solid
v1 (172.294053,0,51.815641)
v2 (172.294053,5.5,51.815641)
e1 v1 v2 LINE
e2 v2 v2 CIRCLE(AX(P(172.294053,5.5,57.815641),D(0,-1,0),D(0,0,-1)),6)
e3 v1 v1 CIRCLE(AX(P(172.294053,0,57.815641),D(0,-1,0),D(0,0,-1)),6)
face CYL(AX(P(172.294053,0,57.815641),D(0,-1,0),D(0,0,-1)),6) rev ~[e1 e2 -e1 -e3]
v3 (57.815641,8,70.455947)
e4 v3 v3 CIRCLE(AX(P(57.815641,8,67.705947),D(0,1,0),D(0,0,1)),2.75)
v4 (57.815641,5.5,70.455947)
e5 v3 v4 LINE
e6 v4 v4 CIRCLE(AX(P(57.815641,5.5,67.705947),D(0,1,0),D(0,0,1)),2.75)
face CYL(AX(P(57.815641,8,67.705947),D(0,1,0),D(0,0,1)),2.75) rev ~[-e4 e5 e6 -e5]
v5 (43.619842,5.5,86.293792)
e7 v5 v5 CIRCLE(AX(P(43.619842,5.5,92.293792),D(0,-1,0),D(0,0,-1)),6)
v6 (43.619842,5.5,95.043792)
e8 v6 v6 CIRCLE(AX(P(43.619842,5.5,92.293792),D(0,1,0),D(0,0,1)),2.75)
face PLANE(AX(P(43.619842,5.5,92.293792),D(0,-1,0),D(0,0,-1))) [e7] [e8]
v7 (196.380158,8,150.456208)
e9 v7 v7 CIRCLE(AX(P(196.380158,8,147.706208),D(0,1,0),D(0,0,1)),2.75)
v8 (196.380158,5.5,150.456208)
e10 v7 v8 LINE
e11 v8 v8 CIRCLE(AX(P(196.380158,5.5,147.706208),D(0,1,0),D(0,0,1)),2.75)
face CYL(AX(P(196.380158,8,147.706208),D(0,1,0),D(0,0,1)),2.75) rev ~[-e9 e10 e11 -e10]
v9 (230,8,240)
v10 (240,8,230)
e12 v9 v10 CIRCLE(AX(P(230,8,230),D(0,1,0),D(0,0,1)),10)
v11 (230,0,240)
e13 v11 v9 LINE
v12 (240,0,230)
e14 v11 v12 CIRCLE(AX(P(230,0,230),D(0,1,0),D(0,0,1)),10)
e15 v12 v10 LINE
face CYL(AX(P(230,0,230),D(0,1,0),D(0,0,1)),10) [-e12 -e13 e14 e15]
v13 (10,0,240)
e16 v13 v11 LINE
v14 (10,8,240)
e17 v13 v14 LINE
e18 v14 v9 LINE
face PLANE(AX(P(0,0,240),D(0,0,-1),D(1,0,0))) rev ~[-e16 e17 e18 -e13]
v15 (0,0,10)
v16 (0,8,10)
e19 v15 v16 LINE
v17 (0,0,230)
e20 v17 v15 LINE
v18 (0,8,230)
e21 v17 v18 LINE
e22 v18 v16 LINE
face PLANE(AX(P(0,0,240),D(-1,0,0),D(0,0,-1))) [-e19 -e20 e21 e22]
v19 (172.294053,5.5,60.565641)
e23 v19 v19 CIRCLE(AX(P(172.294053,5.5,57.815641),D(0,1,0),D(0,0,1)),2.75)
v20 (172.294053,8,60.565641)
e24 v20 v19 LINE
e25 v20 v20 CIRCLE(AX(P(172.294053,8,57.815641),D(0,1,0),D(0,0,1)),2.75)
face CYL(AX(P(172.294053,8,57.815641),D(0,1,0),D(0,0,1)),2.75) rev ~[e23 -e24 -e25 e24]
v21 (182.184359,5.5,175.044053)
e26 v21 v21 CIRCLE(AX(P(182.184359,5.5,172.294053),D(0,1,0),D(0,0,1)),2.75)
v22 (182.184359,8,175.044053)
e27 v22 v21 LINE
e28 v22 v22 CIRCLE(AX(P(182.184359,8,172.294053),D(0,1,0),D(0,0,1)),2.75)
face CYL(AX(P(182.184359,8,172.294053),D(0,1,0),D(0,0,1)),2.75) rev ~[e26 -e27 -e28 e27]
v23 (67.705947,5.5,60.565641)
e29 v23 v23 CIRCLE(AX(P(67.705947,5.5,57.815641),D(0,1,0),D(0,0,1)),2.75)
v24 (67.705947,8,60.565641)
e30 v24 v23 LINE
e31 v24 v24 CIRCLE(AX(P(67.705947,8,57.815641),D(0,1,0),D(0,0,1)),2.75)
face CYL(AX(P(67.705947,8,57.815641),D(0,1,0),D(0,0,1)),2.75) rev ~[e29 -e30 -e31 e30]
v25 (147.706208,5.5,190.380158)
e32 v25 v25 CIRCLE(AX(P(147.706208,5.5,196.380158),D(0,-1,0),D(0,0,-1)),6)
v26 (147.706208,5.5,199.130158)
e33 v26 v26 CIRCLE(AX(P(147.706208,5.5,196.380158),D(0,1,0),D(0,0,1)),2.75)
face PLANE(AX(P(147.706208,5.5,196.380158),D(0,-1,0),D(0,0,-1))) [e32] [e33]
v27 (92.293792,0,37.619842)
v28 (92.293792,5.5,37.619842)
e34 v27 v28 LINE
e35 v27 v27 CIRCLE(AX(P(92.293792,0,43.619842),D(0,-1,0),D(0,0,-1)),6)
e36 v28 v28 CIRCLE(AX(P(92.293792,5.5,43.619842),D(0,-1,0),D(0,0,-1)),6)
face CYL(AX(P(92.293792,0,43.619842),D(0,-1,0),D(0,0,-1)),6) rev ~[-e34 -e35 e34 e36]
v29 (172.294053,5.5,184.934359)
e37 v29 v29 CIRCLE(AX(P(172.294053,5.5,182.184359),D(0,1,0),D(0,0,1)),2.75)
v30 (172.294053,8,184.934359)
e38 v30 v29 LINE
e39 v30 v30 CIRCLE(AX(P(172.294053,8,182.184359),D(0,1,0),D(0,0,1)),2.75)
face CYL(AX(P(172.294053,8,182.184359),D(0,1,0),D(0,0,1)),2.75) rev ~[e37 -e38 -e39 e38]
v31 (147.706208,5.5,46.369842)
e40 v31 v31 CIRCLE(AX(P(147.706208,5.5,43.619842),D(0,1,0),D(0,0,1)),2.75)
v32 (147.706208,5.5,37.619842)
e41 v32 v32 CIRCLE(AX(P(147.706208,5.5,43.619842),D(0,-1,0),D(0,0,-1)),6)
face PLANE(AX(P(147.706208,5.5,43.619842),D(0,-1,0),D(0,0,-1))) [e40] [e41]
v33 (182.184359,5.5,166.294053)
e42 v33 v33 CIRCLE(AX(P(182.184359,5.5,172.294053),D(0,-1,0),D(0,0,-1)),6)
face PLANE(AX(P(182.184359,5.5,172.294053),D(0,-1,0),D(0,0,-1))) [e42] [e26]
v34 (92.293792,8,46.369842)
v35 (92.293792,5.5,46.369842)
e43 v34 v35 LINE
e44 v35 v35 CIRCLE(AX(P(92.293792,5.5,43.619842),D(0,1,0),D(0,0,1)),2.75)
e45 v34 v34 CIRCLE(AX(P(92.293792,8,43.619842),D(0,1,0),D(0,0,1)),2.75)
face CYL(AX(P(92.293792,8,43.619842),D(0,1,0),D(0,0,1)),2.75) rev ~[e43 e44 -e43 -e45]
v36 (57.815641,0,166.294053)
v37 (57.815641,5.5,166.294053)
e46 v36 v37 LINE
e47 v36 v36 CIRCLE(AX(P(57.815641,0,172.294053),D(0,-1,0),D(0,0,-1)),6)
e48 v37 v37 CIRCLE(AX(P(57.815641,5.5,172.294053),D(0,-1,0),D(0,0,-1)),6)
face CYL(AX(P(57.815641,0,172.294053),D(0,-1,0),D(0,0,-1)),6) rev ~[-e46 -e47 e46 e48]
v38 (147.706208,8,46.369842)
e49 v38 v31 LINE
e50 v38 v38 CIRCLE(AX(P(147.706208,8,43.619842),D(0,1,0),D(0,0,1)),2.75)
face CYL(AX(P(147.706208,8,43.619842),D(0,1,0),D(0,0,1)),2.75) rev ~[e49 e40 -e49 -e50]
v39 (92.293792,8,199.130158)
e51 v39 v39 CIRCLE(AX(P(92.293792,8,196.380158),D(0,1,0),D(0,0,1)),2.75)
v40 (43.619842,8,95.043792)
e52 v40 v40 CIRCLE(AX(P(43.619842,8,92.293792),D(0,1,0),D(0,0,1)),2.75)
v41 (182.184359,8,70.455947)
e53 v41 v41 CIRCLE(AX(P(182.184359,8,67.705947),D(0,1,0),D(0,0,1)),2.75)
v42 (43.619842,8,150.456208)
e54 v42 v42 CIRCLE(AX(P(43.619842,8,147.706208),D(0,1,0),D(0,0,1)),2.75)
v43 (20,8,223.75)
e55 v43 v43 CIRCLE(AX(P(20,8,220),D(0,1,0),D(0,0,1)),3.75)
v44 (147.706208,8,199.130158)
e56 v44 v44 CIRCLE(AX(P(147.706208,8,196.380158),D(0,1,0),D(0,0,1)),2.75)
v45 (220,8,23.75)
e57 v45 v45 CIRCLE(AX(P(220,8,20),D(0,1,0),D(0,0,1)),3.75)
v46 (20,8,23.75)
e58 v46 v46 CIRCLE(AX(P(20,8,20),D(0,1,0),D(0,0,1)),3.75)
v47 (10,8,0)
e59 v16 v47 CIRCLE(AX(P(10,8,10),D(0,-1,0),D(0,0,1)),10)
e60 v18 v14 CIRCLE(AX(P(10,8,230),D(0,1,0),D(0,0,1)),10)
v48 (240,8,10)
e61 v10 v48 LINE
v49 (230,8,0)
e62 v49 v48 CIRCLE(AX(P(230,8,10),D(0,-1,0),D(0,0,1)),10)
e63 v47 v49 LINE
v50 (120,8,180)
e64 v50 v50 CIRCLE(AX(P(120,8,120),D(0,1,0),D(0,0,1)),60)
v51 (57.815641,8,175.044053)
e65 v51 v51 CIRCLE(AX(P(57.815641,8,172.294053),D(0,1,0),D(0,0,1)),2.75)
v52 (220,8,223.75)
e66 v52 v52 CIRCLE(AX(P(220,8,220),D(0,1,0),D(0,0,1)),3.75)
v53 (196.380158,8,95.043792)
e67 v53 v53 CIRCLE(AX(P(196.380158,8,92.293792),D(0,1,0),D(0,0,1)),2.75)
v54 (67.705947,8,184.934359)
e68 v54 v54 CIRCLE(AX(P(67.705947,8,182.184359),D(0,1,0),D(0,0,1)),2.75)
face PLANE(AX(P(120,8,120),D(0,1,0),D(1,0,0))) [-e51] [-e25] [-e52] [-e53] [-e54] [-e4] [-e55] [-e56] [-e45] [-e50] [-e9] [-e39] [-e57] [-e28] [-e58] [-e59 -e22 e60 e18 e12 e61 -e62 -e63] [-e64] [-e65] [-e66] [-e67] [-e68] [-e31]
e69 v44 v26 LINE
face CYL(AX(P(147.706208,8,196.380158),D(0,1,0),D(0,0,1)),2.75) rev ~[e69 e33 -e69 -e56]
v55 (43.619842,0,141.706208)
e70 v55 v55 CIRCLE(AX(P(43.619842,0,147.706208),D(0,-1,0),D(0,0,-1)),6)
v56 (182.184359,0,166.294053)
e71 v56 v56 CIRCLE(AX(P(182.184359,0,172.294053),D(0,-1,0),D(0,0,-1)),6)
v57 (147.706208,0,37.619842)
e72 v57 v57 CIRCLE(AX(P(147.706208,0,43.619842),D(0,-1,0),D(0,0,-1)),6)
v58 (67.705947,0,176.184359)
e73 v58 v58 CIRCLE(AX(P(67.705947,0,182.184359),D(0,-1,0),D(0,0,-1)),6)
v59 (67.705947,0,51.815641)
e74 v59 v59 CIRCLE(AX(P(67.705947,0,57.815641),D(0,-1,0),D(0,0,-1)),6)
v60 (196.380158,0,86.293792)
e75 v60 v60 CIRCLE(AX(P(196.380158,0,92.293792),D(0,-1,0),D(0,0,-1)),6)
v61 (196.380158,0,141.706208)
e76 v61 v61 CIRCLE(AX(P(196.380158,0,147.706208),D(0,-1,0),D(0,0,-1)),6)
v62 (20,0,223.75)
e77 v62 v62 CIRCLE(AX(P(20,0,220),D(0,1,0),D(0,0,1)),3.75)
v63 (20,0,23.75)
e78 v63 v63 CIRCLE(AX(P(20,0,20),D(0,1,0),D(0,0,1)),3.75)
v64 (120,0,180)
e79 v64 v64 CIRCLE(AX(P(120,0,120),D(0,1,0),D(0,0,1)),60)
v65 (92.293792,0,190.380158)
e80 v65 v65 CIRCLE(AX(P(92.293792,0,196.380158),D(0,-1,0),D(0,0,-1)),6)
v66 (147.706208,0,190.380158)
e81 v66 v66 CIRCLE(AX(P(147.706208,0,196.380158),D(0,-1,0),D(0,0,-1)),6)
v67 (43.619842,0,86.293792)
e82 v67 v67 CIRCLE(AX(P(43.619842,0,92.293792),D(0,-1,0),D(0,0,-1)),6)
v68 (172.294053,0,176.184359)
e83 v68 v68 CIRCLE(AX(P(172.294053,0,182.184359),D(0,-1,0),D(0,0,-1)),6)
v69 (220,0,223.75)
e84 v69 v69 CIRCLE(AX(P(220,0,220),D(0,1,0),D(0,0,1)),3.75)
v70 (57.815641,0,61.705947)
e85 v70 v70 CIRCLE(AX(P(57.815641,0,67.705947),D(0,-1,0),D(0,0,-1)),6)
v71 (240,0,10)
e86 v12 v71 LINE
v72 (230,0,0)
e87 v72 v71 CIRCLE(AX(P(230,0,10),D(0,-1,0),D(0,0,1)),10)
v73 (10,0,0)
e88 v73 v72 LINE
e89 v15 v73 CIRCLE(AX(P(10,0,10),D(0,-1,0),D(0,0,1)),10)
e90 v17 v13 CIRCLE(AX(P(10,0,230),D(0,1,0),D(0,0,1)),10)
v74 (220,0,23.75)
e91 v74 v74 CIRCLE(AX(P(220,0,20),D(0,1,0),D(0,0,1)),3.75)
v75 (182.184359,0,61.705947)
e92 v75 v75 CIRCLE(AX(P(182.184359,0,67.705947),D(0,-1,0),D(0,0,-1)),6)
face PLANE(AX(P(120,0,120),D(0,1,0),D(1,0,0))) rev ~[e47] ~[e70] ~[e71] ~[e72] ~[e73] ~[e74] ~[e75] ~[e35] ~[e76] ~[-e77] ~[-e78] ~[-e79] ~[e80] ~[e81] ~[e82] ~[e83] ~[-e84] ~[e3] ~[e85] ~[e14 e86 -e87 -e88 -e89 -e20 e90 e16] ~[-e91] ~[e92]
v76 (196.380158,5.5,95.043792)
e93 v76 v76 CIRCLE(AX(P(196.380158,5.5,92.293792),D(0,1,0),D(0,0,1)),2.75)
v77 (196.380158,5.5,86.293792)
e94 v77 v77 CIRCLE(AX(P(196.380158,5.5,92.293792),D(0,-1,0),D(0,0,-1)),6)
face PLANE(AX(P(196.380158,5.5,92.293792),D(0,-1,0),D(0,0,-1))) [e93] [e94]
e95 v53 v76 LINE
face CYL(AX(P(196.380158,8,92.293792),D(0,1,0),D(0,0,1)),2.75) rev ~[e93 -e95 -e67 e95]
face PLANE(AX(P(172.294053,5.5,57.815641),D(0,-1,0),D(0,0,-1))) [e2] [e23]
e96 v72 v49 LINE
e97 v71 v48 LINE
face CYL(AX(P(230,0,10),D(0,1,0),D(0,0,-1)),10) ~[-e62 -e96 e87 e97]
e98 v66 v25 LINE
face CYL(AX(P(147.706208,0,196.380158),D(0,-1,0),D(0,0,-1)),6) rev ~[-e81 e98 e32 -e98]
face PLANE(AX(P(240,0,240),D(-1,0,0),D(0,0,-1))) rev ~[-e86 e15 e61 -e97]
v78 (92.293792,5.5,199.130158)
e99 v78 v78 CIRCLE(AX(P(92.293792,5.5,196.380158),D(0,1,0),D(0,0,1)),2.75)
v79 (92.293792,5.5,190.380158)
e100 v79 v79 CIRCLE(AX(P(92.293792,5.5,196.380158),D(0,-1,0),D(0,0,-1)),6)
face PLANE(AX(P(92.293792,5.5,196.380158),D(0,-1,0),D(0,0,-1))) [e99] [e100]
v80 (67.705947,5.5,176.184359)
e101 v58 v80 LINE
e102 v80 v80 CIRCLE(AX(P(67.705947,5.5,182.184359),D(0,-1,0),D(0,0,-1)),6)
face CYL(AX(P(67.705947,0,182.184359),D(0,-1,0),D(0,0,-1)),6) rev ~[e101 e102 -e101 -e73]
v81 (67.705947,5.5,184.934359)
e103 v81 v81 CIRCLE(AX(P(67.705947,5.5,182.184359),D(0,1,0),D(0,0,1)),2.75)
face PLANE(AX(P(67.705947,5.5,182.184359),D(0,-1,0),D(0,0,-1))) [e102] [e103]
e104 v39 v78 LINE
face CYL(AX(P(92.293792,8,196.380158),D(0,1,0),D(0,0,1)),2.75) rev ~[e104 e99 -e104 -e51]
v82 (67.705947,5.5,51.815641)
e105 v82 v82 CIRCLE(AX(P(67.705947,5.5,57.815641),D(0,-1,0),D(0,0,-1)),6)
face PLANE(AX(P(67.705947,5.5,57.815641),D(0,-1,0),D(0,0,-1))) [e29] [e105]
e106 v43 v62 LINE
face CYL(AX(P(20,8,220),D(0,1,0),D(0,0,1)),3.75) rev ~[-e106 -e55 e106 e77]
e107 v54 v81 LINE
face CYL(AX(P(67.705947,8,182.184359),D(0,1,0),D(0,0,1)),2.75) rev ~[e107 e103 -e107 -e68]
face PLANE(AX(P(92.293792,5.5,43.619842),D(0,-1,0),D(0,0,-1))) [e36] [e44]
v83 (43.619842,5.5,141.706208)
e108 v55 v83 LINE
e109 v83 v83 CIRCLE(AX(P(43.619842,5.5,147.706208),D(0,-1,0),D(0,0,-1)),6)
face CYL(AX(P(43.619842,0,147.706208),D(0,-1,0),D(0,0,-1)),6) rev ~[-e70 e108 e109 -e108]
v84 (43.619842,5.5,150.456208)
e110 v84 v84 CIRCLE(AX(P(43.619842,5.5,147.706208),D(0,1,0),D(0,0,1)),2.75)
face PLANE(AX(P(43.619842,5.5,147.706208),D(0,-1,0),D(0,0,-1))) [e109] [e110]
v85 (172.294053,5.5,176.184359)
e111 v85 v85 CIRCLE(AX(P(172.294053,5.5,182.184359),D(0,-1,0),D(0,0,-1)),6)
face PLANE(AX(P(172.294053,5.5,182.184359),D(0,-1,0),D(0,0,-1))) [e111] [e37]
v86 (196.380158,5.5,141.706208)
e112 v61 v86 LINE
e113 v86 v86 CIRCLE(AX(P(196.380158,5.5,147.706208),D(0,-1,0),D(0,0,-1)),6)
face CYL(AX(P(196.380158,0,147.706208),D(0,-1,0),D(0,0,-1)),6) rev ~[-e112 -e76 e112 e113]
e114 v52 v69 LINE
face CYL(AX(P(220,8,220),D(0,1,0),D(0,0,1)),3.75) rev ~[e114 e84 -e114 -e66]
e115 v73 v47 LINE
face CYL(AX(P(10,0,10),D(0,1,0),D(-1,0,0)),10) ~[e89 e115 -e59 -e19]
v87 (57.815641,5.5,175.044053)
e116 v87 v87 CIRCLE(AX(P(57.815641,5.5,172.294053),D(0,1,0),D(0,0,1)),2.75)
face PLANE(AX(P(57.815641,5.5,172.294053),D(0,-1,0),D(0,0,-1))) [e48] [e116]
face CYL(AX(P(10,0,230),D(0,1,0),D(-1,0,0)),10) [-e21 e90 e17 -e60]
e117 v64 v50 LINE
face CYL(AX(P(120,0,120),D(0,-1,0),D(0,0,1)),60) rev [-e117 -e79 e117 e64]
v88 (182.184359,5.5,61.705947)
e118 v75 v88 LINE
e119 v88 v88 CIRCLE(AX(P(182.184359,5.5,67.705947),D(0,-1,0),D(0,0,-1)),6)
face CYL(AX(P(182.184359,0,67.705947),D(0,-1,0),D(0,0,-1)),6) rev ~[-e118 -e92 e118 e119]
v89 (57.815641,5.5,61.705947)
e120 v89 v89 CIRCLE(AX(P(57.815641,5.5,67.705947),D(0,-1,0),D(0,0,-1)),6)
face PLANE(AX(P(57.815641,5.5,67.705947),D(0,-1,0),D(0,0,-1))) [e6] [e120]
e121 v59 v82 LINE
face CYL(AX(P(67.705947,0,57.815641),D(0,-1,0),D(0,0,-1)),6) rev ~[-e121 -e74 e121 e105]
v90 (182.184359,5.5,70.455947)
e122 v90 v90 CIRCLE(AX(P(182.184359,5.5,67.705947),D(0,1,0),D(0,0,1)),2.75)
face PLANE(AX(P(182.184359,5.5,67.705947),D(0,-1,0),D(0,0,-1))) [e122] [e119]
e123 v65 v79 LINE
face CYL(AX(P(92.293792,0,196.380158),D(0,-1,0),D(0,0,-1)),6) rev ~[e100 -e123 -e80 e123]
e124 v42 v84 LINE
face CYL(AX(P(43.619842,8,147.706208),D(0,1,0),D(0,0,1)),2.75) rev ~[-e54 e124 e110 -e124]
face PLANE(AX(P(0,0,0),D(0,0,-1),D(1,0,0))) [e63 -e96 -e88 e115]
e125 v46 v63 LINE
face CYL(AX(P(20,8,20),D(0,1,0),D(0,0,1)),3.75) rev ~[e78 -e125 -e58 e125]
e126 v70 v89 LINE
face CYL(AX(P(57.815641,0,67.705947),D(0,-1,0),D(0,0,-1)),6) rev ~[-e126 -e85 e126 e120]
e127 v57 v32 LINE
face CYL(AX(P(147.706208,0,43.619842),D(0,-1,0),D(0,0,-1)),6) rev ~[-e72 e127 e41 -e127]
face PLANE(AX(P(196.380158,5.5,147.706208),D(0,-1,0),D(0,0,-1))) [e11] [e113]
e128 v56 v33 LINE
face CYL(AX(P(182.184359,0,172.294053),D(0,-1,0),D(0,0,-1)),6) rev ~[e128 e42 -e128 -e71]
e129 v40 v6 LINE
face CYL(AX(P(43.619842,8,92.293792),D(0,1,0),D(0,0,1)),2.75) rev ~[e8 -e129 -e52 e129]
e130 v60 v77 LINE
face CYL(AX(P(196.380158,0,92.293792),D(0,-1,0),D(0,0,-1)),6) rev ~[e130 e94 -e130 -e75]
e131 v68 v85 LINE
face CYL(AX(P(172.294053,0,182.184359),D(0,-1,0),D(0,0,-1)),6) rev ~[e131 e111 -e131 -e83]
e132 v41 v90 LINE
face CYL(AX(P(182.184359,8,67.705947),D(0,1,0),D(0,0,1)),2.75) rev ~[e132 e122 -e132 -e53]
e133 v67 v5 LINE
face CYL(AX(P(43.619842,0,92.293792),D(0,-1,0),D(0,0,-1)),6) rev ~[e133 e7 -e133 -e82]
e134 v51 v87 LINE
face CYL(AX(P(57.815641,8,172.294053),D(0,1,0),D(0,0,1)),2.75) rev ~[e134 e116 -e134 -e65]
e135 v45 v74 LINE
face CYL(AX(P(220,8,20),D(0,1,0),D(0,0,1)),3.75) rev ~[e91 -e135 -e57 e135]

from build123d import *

# Parameters (mm, degrees)
SKETCH_1_W          = 240
SKETCH_1_H          = 240
SKETCH_1_R          = 60
EXTRUDE_1_DEPTH     = 8
SKETCH_2_R          = 2.75
SKETCH_2_R_2        = 3.75
CUT_EXTRUDE_1_DEPTH = 10
FILLET_1_R          = 10
SKETCH_3_R          = 6
CUT_EXTRUDE_2_DEPTH = 5.5


with BuildPart() as part:
    # 草图1 → 凸台-拉伸1 (new body)
    with BuildSketch(Plane(origin=(0, 0, 0), x_dir=(1, 0, 0), z_dir=(0, 1, 0))):
        with Locations((120, -120)):
            Rectangle(SKETCH_1_W, SKETCH_1_H)
        with Locations(Location((120, -120, 0), (0, 0, 270))):
            Circle(SKETCH_1_R, mode=Mode.SUBTRACT)
    extrude(amount=EXTRUDE_1_DEPTH)

    # 草图2 → 切除-拉伸1 (cut)
    with BuildSketch(Plane(origin=(0, 8, 0), x_dir=(1, 0, 0), z_dir=(0, 1, 0))):
        with Locations(Location((92.293791985, -43.619841991, 0), (0, 0, 270))):
            Circle(SKETCH_2_R)
        with Locations(Location((147.706208015, -43.619841991, 0), (0, 0, 270))):
            Circle(SKETCH_2_R)
        with Locations(Location((172.294053173, -57.815641012, 0), (0, 0, 270))):
            Circle(SKETCH_2_R)
        with Locations(Location((182.184358988, -67.705946827, 0), (0, 0, 270))):
            Circle(SKETCH_2_R)
        with Locations(Location((196.380158009, -92.293791985, 0), (0, 0, 270))):
            Circle(SKETCH_2_R)
        with Locations(Location((196.380158009, -147.706208015, 0), (0, 0, 270))):
            Circle(SKETCH_2_R)
        with Locations(Location((182.184358988, -172.294053173, 0), (0, 0, 270))):
            Circle(SKETCH_2_R)
        with Locations(Location((172.294053173, -182.184358988, 0), (0, 0, 270))):
            Circle(SKETCH_2_R)
        with Locations(Location((147.706208015, -196.380158009, 0), (0, 0, 270))):
            Circle(SKETCH_2_R)
        with Locations(Location((92.293791985, -196.380158009, 0), (0, 0, 270))):
            Circle(SKETCH_2_R)
        with Locations(Location((67.705946827, -182.184358988, 0), (0, 0, 270))):
            Circle(SKETCH_2_R)
        with Locations(Location((57.815641012, -172.294053173, 0), (0, 0, 270))):
            Circle(SKETCH_2_R)
        with Locations(Location((43.619841991, -147.706208015, 0), (0, 0, 270))):
            Circle(SKETCH_2_R)
        with Locations(Location((43.619841991, -92.293791985, 0), (0, 0, 270))):
            Circle(SKETCH_2_R)
        with Locations(Location((57.815641012, -67.705946827, 0), (0, 0, 270))):
            Circle(SKETCH_2_R)
        with Locations(Location((67.705946827, -57.815641012, 0), (0, 0, 270))):
            Circle(SKETCH_2_R)
        with Locations(Location((220, -20, 0), (0, 0, 270))):
            Circle(SKETCH_2_R_2)
        with Locations(Location((20, -20, 0), (0, 0, 270))):
            Circle(SKETCH_2_R_2)
        with Locations(Location((20, -220, 0), (0, 0, 270))):
            Circle(SKETCH_2_R_2)
        with Locations(Location((220, -220, 0), (0, 0, 270))):
            Circle(SKETCH_2_R_2)
    extrude(amount=-CUT_EXTRUDE_1_DEPTH, mode=Mode.SUBTRACT)

    # 圆角1
    fillet_1_edges = [part.edges().sort_by_distance(p)[0] for p in [
        (0, 4, 0),
        (240, 4, 0),
        (240, 4, 240),
        (0, 4, 240),
    ]]
    fillet(fillet_1_edges, radius=FILLET_1_R)

    # 草图3 → 切除-拉伸2 (cut)
    with BuildSketch(Plane.XZ):
        with Locations(Location((147.706208015, 196.380158009, 0), (0, 0, 270))):
            Circle(SKETCH_3_R)
        with Locations(Location((172.294053173, 182.184358988, 0), (0, 0, 270))):
            Circle(SKETCH_3_R)
        with Locations(Location((182.184358988, 172.294053173, 0), (0, 0, 270))):
            Circle(SKETCH_3_R)
        with Locations(Location((196.380158009, 147.706208015, 0), (0, 0, 270))):
            Circle(SKETCH_3_R)
        with Locations(Location((196.380158009, 92.293791985, 0), (0, 0, 270))):
            Circle(SKETCH_3_R)
        with Locations(Location((182.184358988, 67.705946827, 0), (0, 0, 270))):
            Circle(SKETCH_3_R)
        with Locations(Location((172.294053173, 57.815641012, 0), (0, 0, 270))):
            Circle(SKETCH_3_R)
        with Locations(Location((147.706208015, 43.619841991, 0), (0, 0, 270))):
            Circle(SKETCH_3_R)
        with Locations(Location((92.293791985, 43.619841991, 0), (0, 0, 270))):
            Circle(SKETCH_3_R)
        with Locations(Location((67.705946827, 57.815641012, 0), (0, 0, 270))):
            Circle(SKETCH_3_R)
        with Locations(Location((57.815641012, 67.705946827, 0), (0, 0, 270))):
            Circle(SKETCH_3_R)
        with Locations(Location((43.619841991, 92.293791985, 0), (0, 0, 270))):
            Circle(SKETCH_3_R)
        with Locations(Location((43.619841991, 147.706208015, 0), (0, 0, 270))):
            Circle(SKETCH_3_R)
        with Locations(Location((57.815641012, 172.294053173, 0), (0, 0, 270))):
            Circle(SKETCH_3_R)
        with Locations(Location((67.705946827, 182.184358988, 0), (0, 0, 270))):
            Circle(SKETCH_3_R)
        with Locations(Location((92.293791985, 196.380158009, 0), (0, 0, 270))):
            Circle(SKETCH_3_R)
    extrude(amount=-CUT_EXTRUDE_2_DEPTH, mode=Mode.SUBTRACT)


solid = part.part
